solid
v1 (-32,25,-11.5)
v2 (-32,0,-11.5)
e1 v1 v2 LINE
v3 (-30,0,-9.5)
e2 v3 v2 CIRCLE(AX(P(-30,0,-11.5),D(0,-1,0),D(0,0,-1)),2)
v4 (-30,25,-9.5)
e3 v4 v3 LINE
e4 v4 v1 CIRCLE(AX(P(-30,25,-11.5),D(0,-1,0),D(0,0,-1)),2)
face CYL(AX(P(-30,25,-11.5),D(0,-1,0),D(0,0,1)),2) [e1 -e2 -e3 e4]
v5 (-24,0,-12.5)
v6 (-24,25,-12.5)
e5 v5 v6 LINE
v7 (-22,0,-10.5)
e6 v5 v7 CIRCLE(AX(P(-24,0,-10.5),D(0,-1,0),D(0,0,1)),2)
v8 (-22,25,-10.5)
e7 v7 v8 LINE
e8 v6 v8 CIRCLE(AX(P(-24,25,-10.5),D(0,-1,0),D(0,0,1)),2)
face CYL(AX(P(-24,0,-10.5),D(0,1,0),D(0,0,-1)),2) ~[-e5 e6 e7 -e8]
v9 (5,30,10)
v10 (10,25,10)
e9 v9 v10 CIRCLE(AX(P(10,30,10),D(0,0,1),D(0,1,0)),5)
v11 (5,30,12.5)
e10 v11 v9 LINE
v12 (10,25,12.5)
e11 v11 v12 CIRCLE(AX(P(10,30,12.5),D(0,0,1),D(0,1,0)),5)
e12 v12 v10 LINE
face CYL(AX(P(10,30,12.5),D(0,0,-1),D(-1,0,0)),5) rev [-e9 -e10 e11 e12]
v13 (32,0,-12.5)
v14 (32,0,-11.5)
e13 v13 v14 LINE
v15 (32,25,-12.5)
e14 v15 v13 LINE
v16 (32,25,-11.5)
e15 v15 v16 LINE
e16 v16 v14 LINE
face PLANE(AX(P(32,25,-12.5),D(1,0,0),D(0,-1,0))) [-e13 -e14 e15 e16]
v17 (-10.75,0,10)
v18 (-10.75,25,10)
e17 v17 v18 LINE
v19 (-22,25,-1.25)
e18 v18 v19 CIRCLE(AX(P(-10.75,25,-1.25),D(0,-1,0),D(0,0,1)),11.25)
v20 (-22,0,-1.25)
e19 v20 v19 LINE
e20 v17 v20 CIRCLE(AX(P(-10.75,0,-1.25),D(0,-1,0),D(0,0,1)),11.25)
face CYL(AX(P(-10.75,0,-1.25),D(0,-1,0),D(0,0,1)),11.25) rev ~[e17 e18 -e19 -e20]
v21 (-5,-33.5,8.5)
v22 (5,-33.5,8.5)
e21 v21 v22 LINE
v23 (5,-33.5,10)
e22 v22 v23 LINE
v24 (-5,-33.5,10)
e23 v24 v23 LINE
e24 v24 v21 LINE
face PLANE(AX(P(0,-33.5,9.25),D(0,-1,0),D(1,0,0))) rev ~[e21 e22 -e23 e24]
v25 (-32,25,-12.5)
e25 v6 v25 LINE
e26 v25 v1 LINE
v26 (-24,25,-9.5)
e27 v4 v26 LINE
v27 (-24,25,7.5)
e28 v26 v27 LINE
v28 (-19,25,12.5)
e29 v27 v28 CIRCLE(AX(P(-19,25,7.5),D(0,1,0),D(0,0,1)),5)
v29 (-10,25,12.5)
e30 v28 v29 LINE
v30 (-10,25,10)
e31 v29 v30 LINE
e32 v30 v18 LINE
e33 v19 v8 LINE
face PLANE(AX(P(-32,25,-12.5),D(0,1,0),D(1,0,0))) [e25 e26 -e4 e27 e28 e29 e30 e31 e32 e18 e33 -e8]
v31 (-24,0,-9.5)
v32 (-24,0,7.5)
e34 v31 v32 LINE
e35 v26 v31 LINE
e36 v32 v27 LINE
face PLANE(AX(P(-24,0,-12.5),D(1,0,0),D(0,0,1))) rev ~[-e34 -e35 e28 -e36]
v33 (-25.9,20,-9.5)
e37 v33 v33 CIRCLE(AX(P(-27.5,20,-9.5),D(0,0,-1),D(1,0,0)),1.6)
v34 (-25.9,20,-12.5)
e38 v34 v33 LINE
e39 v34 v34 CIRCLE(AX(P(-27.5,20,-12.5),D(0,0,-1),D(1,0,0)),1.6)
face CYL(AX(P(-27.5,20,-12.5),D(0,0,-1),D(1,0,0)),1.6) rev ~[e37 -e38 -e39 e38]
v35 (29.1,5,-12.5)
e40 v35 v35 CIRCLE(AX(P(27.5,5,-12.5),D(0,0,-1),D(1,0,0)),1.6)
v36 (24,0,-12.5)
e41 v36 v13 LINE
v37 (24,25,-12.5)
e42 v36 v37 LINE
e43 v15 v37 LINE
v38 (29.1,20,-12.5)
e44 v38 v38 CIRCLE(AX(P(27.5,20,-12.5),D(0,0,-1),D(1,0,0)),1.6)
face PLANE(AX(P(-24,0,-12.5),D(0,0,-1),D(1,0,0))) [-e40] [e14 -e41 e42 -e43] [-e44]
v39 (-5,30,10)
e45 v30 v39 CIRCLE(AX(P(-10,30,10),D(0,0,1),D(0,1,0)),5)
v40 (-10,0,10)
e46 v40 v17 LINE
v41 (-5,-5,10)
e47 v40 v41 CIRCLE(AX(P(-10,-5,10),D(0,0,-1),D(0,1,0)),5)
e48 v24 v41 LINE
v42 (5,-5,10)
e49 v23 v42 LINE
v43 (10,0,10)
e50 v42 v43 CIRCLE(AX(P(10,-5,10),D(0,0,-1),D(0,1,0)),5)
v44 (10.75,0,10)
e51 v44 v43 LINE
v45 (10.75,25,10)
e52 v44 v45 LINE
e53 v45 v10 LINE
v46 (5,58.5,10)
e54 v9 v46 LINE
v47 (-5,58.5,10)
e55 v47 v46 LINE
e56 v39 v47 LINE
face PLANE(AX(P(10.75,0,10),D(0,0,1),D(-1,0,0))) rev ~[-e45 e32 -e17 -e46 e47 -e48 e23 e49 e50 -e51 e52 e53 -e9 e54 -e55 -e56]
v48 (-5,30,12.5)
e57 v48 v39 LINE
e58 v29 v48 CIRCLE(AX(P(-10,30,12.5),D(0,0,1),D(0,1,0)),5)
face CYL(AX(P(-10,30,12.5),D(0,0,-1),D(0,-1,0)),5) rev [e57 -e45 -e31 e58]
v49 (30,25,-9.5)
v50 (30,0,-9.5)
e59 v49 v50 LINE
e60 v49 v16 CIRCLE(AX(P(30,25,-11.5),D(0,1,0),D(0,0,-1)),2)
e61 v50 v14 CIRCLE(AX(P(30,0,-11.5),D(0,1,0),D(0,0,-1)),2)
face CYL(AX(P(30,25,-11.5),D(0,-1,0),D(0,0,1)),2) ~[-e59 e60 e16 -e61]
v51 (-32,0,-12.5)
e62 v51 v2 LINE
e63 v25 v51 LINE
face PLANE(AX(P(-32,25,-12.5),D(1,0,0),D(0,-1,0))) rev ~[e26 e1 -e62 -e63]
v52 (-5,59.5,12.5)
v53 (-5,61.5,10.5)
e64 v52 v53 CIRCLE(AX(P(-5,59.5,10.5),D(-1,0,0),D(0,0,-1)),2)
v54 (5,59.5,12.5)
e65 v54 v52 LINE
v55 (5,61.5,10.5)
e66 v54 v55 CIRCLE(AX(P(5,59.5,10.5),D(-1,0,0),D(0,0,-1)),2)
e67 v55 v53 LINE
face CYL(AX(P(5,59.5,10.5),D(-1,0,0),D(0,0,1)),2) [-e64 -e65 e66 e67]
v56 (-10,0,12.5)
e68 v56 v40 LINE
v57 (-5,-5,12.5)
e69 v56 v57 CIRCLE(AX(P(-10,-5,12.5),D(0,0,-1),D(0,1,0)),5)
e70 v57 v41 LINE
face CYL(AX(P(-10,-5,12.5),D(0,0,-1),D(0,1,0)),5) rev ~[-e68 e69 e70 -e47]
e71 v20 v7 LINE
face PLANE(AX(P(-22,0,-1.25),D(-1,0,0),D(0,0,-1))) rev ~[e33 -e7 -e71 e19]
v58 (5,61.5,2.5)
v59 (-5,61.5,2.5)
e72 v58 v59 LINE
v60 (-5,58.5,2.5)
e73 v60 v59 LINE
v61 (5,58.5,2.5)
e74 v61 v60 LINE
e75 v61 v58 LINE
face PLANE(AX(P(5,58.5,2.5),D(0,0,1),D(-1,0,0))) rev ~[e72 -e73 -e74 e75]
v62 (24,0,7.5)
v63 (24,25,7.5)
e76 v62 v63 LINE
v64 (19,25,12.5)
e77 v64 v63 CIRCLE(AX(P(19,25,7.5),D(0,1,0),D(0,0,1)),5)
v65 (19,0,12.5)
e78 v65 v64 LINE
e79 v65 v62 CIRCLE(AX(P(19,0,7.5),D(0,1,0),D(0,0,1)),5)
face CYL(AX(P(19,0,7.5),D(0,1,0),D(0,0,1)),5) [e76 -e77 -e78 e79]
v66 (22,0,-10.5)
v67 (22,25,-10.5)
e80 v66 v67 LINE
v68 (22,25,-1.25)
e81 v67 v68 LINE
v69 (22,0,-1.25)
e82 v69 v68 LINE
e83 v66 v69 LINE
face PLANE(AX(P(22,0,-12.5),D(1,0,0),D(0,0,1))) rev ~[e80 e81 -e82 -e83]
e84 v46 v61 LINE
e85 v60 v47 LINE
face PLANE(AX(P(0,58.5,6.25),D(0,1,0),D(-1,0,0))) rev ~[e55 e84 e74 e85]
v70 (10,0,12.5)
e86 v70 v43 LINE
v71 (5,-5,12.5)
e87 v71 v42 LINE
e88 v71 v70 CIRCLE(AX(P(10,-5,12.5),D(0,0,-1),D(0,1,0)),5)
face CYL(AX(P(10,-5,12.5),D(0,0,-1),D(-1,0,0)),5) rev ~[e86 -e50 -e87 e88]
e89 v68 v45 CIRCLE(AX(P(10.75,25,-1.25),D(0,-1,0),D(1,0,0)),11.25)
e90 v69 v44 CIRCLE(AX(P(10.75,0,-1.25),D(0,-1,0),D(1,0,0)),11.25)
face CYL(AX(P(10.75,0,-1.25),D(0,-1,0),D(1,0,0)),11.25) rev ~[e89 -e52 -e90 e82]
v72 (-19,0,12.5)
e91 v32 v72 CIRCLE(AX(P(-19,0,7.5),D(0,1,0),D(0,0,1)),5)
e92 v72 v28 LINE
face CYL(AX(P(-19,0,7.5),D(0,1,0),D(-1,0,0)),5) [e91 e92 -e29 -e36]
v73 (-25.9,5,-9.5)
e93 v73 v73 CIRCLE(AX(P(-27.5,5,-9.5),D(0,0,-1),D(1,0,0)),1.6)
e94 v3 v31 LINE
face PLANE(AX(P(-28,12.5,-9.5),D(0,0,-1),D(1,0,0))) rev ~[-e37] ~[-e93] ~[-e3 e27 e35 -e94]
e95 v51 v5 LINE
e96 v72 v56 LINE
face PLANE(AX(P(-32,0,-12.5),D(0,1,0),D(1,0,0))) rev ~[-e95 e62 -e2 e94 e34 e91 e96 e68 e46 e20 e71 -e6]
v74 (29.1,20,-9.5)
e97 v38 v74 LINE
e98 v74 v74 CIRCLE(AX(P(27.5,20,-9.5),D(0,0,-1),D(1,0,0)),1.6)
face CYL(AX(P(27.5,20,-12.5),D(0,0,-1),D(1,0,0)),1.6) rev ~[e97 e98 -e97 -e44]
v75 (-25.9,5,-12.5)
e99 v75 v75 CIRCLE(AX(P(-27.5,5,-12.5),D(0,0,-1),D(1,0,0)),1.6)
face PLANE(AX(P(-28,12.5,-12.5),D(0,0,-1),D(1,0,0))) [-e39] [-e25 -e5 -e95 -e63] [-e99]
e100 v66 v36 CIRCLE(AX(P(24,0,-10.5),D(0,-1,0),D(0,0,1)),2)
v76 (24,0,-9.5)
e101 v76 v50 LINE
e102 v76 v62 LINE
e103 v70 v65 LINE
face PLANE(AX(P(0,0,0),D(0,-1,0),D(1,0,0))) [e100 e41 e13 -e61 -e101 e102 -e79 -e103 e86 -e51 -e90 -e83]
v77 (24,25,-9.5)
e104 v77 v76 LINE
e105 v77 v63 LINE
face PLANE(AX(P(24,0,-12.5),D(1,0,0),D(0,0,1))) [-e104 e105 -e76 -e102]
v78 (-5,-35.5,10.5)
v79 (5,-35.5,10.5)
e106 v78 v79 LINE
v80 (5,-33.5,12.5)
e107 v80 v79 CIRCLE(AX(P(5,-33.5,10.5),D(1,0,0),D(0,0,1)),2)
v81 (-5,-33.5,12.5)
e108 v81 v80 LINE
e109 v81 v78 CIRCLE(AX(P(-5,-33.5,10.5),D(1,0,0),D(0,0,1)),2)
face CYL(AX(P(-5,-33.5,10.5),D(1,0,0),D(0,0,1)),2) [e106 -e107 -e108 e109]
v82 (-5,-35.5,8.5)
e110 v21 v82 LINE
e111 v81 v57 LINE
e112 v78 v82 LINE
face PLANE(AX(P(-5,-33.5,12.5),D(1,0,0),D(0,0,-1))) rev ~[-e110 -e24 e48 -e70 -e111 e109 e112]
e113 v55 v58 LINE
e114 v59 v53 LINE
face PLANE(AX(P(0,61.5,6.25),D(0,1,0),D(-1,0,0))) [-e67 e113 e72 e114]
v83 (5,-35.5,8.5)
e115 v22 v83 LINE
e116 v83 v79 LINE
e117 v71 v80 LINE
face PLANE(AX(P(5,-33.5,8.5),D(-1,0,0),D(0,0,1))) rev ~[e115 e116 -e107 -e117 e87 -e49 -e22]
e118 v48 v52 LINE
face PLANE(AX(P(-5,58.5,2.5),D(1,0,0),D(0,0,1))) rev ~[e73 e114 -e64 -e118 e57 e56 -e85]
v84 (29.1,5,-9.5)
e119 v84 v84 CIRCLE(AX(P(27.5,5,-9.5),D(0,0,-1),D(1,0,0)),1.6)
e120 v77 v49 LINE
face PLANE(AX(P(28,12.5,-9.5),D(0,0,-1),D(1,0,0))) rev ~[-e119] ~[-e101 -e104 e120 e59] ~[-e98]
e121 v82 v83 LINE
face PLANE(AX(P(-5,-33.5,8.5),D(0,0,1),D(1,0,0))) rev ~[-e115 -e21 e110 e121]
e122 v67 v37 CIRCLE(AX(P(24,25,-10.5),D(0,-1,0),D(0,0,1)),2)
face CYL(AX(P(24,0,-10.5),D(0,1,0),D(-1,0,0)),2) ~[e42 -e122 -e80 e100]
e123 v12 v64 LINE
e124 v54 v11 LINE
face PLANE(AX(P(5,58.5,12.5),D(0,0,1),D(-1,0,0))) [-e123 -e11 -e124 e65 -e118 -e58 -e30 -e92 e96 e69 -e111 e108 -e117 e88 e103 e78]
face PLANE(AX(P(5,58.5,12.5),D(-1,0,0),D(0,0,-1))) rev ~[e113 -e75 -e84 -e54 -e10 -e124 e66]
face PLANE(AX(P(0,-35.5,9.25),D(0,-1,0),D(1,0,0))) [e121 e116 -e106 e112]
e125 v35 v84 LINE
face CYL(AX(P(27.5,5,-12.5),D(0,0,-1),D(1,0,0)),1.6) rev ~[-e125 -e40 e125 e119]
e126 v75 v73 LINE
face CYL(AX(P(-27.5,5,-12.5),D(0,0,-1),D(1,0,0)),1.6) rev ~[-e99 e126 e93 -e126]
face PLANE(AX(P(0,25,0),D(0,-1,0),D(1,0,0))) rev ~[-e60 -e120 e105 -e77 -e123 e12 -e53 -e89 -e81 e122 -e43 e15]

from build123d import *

# Parameters (mm, degrees)
F0_W      = 48
F0_H      = 25
F1_DEPTH  = 25
F3_DEPTH  = 25
F4_W      = 10
F4_H      = 33.5
F5_DEPTH  = 2.5
F6_W      = 10
F6_H      = 1.5
F6_H_2    = 2.5
F7_DEPTH  = 2
F8_W      = 10
F8_H      = 7.5
F8_H_2    = 2.5
F9_DEPTH  = 3
F10_W     = 8
F10_H     = 25
F11_DEPTH = 3
F12_R     = 1.6
F13_DEPTH = 3
F14_R     = 5
F15_R     = 2


with BuildPart() as f1:
    # F0 (on Front) → F1 (new body)
    with BuildSketch(Plane.XZ):
        Rectangle(F0_W, F0_H)
    extrude(amount=-F1_DEPTH)

    # F2 (on face) → F3 (cut, through all)
    with BuildSketch(Plane.XZ):
        with BuildLine():
            ThreePointArc((-22, -1.25), (-18.7049512883, -9.2049512883), (-10.75, -12.5))
            Line((-10.75, -12.5), (10.75, -12.5))
            ThreePointArc((10.75, -12.5), (18.7049512883, -9.2049512883), (22, -1.25))
            ThreePointArc((22, -1.25), (18.7049512883, 6.7049512883), (10.75, 10))
            Line((10.75, 10), (-10.75, 10))
            ThreePointArc((-10.75, 10), (-18.7049512883, 6.7049512883), (-22, -1.25))
        make_face()
        with BuildLine():
            Line((-22, -12.5), (-10.75, -12.5))
            ThreePointArc((-10.75, -12.5), (-18.7049512883, -9.2049512883), (-22, -1.25))
            Line((-22, -1.25), (-22, -12.5))
        make_face()
        with BuildLine():
            ThreePointArc((22, -1.25), (18.7049512883, -9.2049512883), (10.75, -12.5))
            Line((10.75, -12.5), (22, -12.5))
            Line((22, -12.5), (22, -1.25))
        make_face()
    extrude(amount=-F3_DEPTH, mode=Mode.SUBTRACT)

    # F4 (on face) → F5 (join, through all)
    with BuildSketch(Plane.XY.offset(12.5)):
        with Locations((0, 41.75)):
            Rectangle(F4_W, F4_H)
        with Locations((0, -16.75)):
            Rectangle(F4_W, F4_H)
    extrude(amount=-F5_DEPTH)

    # F6 (on face) → F7 (join)
    with BuildSketch(Plane.XZ.offset(33.5)):
        with Locations((0, 9.25)):
            Rectangle(F6_W, F6_H)
        with Locations((0, 11.25)):
            Rectangle(F6_W, F6_H_2)
    extrude(amount=F7_DEPTH)

    # F8 (on face) → F9 (join)
    with BuildSketch(Plane(origin=(0, 58.5, 0), x_dir=(-1, 0, 0), z_dir=(0, 1, 0))):
        with Locations((0, 6.25)):
            Rectangle(F8_W, F8_H)
        with Locations((0, 11.25)):
            Rectangle(F8_W, F8_H_2)
    extrude(amount=F9_DEPTH)

    # F10 (on face) → F11 (join)
    with BuildSketch(Plane(origin=(0, 0, -12.5), x_dir=(1, 0, 0), z_dir=(0, 0, -1))):
        with Locations((-28, -12.5)):
            Rectangle(F10_W, F10_H)
        with Locations((28, -12.5)):
            Rectangle(F10_W, F10_H)
    extrude(amount=-F11_DEPTH)

    # F12 (on face) → F13 (cut, through all)
    with BuildSketch(Plane(origin=(0, 0, -12.5), x_dir=(1, 0, 0), z_dir=(0, 0, -1))):
        with Locations((-27.5, -5)):
            Circle(F12_R)
        with Locations((-27.5, -20)):
            Circle(F12_R)
        with Locations((27.5, -20)):
            Circle(F12_R)
        with Locations((27.5, -5)):
            Circle(F12_R)
    extrude(amount=-F13_DEPTH, mode=Mode.SUBTRACT)

    # F14
    f14_edges = [f1.edges().sort_by_distance(p)[0] for p in [
        (-24, 12.5, 12.5),
        (24, 12.5, 12.5),
        (-5, 25, 11.25),
        (-5, 0, 11.25),
        (5, 0, 11.25),
        (5, 25, 11.25),
    ]]
    fillet(f14_edges, radius=F14_R)

    # F15
    f15_edges = [f1.edges().sort_by_distance(p)[0] for p in [
        (0, 61.5, 12.5),
        (0, -35.5, 12.5),
        (22, 12.5, -12.5),
        (-22, 12.5, -12.5),
        (-32, 12.5, -9.5),
        (32, 12.5, -9.5),
    ]]
    fillet(f15_edges, radius=F15_R)


solid = f1.part
